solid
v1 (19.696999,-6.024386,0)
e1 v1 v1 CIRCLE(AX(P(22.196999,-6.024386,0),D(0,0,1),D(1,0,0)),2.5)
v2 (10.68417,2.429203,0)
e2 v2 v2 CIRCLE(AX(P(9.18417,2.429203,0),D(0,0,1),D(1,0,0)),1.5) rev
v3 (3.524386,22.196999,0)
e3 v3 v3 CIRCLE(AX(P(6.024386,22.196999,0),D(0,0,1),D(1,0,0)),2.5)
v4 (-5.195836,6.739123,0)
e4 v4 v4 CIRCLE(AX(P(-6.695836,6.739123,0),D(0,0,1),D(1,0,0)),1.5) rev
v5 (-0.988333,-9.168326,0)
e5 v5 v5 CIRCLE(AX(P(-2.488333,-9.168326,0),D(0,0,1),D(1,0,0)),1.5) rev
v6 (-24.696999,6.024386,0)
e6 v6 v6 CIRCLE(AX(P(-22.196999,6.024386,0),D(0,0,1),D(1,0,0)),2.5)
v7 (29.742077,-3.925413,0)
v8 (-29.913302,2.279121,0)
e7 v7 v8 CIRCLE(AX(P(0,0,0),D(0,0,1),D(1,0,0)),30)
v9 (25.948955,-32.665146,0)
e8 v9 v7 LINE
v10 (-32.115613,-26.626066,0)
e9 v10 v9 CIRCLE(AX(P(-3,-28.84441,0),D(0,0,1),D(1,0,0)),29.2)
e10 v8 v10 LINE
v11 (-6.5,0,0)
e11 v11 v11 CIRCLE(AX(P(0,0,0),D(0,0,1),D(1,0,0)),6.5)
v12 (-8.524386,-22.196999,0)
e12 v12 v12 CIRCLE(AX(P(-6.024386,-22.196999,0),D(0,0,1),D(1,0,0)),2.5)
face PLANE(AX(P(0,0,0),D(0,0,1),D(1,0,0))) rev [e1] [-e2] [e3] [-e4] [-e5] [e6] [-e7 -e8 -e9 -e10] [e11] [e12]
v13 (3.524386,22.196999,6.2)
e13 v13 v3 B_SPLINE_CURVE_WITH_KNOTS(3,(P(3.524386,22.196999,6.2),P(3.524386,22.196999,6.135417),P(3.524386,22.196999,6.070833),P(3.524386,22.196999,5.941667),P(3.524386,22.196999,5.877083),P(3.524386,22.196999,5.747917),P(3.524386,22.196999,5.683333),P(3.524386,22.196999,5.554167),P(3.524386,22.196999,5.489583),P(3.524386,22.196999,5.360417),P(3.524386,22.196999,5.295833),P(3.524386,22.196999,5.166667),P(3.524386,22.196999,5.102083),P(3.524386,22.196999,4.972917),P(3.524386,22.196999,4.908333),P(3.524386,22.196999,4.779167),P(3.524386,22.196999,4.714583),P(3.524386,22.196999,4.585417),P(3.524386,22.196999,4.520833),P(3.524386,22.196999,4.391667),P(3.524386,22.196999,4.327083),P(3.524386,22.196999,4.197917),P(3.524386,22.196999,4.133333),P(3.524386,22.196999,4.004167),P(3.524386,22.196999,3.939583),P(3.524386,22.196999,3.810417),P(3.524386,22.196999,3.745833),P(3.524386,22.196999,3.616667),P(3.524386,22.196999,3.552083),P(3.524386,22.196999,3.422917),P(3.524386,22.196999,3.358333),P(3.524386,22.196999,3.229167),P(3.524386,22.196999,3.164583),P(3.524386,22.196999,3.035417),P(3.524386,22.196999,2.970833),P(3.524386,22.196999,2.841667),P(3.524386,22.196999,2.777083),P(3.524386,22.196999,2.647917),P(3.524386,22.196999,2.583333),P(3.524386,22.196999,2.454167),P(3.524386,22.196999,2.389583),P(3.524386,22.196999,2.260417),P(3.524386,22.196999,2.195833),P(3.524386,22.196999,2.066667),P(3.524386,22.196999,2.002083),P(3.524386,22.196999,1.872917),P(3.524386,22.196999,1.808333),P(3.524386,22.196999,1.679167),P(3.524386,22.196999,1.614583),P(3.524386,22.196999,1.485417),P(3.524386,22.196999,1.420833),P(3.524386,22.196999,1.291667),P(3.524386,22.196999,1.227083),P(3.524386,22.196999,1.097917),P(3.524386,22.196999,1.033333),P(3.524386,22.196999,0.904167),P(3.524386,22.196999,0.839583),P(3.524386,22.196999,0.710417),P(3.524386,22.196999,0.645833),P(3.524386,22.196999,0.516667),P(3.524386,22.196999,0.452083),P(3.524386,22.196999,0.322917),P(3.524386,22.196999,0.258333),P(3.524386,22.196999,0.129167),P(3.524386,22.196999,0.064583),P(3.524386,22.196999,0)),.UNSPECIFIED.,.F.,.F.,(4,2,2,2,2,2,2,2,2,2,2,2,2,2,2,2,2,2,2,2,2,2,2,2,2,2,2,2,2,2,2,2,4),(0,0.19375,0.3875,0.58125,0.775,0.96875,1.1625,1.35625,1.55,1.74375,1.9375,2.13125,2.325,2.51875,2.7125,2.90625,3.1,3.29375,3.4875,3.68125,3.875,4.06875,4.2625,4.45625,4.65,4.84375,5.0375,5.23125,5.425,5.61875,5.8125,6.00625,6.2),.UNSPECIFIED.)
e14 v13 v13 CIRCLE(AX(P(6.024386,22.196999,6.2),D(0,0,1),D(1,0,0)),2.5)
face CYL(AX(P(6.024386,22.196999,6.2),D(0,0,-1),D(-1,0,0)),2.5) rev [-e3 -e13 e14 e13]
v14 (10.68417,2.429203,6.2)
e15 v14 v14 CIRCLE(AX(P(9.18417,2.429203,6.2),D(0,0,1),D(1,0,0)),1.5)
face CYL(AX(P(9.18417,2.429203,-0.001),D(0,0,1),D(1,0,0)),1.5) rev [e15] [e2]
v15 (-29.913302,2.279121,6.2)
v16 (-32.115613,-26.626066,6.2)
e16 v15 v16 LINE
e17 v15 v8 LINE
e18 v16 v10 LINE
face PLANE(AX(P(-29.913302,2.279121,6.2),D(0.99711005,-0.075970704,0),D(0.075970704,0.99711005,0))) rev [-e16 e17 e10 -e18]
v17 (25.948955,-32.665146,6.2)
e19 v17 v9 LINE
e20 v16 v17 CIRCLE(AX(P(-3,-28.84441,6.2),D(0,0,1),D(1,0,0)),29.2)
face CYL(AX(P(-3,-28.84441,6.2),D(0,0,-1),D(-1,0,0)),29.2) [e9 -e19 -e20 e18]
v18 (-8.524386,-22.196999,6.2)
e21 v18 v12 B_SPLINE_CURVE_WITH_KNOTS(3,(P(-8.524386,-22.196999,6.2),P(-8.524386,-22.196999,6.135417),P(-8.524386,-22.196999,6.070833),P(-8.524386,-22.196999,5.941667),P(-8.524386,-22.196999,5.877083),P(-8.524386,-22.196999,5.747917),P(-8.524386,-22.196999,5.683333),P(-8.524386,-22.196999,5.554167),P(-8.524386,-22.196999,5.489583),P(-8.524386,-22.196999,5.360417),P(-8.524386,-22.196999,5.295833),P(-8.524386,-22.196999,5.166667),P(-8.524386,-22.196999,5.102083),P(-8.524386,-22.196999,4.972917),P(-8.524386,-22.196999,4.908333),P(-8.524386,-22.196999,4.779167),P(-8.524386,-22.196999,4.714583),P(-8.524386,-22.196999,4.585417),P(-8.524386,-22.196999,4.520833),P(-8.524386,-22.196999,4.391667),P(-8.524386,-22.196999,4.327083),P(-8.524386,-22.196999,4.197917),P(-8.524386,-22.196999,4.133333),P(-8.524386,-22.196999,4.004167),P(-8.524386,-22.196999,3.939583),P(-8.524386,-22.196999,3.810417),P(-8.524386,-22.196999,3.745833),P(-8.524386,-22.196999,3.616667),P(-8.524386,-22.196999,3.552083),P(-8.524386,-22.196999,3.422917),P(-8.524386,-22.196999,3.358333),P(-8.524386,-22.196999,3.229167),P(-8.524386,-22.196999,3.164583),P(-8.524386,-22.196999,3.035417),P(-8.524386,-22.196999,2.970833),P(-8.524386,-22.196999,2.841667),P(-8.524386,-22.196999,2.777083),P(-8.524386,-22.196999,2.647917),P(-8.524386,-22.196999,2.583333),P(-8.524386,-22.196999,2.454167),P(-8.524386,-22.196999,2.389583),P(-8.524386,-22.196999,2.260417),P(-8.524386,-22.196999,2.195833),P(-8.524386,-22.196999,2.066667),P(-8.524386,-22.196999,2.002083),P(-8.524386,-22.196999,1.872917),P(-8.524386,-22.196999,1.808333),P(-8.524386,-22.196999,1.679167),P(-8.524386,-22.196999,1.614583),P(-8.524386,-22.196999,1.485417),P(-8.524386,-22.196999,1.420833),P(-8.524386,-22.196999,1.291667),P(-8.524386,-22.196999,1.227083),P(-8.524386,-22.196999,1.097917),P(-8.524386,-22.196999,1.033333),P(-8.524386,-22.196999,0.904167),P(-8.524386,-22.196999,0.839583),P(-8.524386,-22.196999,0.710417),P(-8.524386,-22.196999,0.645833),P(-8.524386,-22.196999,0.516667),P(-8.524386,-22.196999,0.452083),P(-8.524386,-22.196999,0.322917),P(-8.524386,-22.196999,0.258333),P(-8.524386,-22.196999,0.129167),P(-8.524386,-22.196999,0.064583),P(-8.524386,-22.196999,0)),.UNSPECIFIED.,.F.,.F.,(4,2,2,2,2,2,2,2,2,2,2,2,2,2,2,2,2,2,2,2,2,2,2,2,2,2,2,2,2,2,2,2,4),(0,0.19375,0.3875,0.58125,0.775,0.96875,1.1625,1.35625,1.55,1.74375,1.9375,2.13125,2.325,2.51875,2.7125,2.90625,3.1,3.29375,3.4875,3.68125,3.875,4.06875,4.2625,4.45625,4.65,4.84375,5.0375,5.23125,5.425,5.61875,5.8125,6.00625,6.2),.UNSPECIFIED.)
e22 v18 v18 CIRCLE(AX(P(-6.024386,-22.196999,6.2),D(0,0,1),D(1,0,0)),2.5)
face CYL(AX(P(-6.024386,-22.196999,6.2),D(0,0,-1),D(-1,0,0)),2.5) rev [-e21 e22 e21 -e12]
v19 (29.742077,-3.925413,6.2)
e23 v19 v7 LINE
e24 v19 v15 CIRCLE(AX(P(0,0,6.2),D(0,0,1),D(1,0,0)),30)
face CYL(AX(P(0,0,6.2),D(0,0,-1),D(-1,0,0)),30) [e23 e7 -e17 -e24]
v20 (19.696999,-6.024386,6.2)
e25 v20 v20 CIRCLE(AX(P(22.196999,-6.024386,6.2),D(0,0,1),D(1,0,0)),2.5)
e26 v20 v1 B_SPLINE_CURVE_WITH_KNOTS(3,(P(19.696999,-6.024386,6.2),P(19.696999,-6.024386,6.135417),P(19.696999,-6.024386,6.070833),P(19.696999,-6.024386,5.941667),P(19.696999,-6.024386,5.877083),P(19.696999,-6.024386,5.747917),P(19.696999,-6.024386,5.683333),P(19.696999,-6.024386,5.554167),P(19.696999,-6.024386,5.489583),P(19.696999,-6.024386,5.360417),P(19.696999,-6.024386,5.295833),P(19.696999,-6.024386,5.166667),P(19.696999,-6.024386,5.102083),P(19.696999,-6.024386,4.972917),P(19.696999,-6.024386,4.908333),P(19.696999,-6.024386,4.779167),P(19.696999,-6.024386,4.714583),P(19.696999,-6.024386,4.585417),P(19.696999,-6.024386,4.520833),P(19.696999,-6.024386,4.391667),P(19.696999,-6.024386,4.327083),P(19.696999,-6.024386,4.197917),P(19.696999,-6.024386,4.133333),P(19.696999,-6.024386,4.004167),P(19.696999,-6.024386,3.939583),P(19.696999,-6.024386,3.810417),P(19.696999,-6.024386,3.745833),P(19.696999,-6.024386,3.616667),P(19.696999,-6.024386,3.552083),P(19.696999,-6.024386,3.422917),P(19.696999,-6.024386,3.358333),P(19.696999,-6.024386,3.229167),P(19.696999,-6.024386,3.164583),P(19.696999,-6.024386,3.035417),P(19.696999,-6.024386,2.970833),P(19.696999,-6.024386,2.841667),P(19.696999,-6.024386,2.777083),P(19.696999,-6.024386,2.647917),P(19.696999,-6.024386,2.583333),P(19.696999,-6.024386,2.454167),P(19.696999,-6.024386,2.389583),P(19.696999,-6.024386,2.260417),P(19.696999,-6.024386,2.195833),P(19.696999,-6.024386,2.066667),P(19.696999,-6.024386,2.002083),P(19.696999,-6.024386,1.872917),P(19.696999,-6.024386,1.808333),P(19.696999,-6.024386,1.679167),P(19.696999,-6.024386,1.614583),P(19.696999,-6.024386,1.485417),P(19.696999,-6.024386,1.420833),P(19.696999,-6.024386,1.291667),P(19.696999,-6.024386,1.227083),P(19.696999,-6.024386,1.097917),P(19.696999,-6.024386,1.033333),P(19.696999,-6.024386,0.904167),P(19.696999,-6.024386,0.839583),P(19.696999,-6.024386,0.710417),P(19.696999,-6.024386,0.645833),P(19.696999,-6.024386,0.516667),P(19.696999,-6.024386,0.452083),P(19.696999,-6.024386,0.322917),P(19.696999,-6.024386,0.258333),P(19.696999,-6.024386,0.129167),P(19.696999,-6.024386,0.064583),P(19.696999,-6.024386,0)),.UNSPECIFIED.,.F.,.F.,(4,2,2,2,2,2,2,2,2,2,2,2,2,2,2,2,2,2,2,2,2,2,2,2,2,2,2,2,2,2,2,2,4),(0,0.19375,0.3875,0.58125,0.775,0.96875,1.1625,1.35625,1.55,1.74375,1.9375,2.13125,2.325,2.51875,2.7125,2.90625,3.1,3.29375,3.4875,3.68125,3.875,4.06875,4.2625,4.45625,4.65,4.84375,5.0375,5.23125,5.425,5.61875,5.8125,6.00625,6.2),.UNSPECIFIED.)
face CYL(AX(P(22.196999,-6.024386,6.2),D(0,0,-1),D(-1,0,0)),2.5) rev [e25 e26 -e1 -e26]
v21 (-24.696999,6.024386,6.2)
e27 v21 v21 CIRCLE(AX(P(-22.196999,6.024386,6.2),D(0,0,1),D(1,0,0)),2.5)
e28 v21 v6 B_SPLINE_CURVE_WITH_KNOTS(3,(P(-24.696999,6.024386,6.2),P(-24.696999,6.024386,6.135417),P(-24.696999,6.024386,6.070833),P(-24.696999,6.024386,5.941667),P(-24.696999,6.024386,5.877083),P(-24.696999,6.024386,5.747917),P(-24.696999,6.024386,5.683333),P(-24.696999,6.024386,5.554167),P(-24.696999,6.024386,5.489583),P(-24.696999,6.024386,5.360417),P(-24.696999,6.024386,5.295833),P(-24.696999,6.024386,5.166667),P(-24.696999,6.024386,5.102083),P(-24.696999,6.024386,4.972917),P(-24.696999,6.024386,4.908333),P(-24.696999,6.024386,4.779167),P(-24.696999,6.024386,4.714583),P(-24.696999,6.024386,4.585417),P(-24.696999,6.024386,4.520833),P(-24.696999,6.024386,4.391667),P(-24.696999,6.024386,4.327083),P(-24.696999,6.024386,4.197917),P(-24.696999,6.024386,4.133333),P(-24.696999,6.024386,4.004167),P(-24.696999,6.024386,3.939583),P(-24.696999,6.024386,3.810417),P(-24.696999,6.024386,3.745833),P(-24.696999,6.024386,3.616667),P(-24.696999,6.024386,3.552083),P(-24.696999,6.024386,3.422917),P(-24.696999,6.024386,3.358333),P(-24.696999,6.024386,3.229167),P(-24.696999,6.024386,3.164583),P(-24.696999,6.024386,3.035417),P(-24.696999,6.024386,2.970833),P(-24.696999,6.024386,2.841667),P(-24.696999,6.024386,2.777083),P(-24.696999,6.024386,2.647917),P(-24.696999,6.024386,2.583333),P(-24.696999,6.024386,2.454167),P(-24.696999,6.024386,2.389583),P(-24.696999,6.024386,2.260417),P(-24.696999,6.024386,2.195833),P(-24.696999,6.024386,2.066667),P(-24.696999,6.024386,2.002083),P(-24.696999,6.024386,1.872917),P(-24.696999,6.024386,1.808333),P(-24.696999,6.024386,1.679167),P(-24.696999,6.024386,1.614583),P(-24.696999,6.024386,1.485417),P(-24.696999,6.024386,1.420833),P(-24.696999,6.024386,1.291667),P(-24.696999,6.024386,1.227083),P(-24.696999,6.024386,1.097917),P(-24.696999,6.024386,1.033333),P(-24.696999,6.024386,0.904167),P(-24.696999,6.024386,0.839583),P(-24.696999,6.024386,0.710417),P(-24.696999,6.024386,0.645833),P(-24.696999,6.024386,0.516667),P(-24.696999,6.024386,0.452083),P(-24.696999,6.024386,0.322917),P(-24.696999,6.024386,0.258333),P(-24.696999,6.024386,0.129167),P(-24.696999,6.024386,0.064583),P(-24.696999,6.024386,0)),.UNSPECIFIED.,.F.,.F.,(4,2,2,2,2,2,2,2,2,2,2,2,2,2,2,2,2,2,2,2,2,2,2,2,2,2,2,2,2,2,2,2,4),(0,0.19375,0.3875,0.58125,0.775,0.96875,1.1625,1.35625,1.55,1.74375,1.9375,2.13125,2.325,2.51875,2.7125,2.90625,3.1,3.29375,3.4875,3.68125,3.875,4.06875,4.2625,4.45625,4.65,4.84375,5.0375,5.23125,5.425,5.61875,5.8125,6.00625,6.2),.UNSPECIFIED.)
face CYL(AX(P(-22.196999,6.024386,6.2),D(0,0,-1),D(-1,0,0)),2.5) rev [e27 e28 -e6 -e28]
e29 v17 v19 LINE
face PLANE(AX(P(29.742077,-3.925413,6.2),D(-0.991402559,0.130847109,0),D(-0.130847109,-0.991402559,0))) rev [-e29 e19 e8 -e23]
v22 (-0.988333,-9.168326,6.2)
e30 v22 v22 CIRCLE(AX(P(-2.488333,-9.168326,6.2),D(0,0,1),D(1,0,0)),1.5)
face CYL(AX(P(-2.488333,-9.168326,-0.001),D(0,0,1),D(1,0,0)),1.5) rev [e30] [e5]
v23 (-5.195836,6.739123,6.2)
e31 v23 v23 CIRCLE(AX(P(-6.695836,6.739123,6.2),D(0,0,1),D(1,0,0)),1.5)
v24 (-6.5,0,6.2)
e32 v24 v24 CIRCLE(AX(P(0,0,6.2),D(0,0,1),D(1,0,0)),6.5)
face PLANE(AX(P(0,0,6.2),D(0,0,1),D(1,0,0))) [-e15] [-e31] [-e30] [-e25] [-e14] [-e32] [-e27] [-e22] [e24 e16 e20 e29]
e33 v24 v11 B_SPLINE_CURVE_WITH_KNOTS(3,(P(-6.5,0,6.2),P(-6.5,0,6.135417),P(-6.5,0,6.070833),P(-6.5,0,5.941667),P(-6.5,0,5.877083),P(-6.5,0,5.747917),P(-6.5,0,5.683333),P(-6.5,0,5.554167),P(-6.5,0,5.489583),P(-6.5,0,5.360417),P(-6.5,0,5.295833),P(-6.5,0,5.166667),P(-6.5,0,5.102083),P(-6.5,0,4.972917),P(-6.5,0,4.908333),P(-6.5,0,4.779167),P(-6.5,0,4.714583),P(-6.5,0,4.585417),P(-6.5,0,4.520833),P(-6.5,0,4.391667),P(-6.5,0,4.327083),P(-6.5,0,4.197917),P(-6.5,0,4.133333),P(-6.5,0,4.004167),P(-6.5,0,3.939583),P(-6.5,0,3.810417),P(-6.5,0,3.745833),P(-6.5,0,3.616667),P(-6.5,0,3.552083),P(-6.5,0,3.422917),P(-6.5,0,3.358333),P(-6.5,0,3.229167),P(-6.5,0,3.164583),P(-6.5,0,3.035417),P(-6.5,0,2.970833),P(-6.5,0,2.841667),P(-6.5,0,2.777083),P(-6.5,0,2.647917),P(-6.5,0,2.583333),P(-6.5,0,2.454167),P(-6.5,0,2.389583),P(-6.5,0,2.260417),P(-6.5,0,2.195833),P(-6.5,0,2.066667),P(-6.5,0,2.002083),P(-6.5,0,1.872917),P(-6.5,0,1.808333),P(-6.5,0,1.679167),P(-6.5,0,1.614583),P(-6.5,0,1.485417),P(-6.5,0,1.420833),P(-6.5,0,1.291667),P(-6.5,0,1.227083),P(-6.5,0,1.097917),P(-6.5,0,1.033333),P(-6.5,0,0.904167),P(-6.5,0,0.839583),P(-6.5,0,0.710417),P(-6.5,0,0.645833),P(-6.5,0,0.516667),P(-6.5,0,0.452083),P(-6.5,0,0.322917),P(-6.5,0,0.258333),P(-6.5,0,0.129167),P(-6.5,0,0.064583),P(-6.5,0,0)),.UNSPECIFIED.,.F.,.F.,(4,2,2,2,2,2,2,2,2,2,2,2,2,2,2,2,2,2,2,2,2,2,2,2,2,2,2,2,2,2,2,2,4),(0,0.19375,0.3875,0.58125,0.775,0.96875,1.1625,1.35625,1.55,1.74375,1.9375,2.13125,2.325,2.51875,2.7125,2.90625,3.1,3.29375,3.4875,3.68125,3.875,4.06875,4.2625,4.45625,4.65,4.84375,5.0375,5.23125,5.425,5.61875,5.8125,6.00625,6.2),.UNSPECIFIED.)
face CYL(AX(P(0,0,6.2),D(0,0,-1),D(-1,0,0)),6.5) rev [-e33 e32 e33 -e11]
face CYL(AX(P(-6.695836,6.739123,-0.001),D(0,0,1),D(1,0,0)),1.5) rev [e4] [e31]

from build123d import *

# Parameters (mm, degrees)
SKETCH1_R           = 2.5
SKETCH1_R_2         = 6.5
BOSS_EXTRUDE1_DEPTH = 6.2
CUT_EXTRUDE1_REACH  = 68.667
SKETCH2_R           = 1.5


with BuildPart() as part:
    # Sketch1 → Boss-Extrude1 (new body)
    with BuildSketch(Plane.XY):
        with BuildLine():
            Line((25.948954725, -32.665145778), (29.742076772, -3.925413261))
            ThreePointArc((29.742076772, -3.925413261), (3.103448276, 29.839045038), (-29.913301505, 2.279121121))
            Line((-29.913301505, 2.279121121), (-32.115613465, -26.626065646))
            ThreePointArc((-32.115613465, -26.626065646), (-6.020689655, -57.887747374), (25.948954725, -32.665145778))
        make_face()
        with Locations(Location((22.196999252, -6.024385794, 0), (0, 0, 180))):
            Circle(SKETCH1_R, mode=Mode.SUBTRACT)
        with Locations(Location((-22.196999252, 6.024385794, 0), (0, 0, 180))):
            Circle(SKETCH1_R, mode=Mode.SUBTRACT)
        with Locations(Location((6.024385794, 22.196999252, 0), (0, 0, 180))):
            Circle(SKETCH1_R, mode=Mode.SUBTRACT)
        with Locations(Location((-6.024385794, -22.196999252, 0), (0, 0, 180))):
            Circle(SKETCH1_R, mode=Mode.SUBTRACT)
        with Locations(Location((0, 0, 0), (0, 0, 180))):
            Circle(SKETCH1_R_2, mode=Mode.SUBTRACT)
    extrude(amount=BOSS_EXTRUDE1_DEPTH)

    # Sketch2 → Cut-Extrude1 (cut, up to next)
    with BuildSketch(Plane.XY.offset(6.2), mode=Mode.PRIVATE) as cut_extrude1_sk1:
        with Locations((9.184169665, 2.42920307)):
            Circle(SKETCH2_R)
    cut_extrude1_tool1 = extrude(cut_extrude1_sk1.sketch, amount=-CUT_EXTRUDE1_REACH, mode=Mode.PRIVATE) & part.part
    # Sketch2 → Cut-Extrude1 (cut, up to next)
    with BuildSketch(Plane.XY.offset(6.2), mode=Mode.PRIVATE) as cut_extrude1_sk2:
        with Locations((-6.695836403, 6.739122708)):
            Circle(SKETCH2_R)
    cut_extrude1_tool2 = extrude(cut_extrude1_sk2.sketch, amount=-CUT_EXTRUDE1_REACH, mode=Mode.PRIVATE) & part.part
    # Sketch2 → Cut-Extrude1 (cut, up to next)
    with BuildSketch(Plane.XY.offset(6.2), mode=Mode.PRIVATE) as cut_extrude1_sk3:
        with Locations((-2.488333263, -9.168325778)):
            Circle(SKETCH2_R)
    cut_extrude1_tool3 = extrude(cut_extrude1_sk3.sketch, amount=-CUT_EXTRUDE1_REACH, mode=Mode.PRIVATE) & part.part
    add(cut_extrude1_tool1.solids().sort_by_distance((9.18417, 2.429203, 6.2))[0], mode=Mode.SUBTRACT)
    add(cut_extrude1_tool2.solids().sort_by_distance((-6.695836, 6.739123, 6.2))[0], mode=Mode.SUBTRACT)
    add(cut_extrude1_tool3.solids().sort_by_distance((-2.488333, -9.168326, 6.2))[0], mode=Mode.SUBTRACT)


solid = part.part
